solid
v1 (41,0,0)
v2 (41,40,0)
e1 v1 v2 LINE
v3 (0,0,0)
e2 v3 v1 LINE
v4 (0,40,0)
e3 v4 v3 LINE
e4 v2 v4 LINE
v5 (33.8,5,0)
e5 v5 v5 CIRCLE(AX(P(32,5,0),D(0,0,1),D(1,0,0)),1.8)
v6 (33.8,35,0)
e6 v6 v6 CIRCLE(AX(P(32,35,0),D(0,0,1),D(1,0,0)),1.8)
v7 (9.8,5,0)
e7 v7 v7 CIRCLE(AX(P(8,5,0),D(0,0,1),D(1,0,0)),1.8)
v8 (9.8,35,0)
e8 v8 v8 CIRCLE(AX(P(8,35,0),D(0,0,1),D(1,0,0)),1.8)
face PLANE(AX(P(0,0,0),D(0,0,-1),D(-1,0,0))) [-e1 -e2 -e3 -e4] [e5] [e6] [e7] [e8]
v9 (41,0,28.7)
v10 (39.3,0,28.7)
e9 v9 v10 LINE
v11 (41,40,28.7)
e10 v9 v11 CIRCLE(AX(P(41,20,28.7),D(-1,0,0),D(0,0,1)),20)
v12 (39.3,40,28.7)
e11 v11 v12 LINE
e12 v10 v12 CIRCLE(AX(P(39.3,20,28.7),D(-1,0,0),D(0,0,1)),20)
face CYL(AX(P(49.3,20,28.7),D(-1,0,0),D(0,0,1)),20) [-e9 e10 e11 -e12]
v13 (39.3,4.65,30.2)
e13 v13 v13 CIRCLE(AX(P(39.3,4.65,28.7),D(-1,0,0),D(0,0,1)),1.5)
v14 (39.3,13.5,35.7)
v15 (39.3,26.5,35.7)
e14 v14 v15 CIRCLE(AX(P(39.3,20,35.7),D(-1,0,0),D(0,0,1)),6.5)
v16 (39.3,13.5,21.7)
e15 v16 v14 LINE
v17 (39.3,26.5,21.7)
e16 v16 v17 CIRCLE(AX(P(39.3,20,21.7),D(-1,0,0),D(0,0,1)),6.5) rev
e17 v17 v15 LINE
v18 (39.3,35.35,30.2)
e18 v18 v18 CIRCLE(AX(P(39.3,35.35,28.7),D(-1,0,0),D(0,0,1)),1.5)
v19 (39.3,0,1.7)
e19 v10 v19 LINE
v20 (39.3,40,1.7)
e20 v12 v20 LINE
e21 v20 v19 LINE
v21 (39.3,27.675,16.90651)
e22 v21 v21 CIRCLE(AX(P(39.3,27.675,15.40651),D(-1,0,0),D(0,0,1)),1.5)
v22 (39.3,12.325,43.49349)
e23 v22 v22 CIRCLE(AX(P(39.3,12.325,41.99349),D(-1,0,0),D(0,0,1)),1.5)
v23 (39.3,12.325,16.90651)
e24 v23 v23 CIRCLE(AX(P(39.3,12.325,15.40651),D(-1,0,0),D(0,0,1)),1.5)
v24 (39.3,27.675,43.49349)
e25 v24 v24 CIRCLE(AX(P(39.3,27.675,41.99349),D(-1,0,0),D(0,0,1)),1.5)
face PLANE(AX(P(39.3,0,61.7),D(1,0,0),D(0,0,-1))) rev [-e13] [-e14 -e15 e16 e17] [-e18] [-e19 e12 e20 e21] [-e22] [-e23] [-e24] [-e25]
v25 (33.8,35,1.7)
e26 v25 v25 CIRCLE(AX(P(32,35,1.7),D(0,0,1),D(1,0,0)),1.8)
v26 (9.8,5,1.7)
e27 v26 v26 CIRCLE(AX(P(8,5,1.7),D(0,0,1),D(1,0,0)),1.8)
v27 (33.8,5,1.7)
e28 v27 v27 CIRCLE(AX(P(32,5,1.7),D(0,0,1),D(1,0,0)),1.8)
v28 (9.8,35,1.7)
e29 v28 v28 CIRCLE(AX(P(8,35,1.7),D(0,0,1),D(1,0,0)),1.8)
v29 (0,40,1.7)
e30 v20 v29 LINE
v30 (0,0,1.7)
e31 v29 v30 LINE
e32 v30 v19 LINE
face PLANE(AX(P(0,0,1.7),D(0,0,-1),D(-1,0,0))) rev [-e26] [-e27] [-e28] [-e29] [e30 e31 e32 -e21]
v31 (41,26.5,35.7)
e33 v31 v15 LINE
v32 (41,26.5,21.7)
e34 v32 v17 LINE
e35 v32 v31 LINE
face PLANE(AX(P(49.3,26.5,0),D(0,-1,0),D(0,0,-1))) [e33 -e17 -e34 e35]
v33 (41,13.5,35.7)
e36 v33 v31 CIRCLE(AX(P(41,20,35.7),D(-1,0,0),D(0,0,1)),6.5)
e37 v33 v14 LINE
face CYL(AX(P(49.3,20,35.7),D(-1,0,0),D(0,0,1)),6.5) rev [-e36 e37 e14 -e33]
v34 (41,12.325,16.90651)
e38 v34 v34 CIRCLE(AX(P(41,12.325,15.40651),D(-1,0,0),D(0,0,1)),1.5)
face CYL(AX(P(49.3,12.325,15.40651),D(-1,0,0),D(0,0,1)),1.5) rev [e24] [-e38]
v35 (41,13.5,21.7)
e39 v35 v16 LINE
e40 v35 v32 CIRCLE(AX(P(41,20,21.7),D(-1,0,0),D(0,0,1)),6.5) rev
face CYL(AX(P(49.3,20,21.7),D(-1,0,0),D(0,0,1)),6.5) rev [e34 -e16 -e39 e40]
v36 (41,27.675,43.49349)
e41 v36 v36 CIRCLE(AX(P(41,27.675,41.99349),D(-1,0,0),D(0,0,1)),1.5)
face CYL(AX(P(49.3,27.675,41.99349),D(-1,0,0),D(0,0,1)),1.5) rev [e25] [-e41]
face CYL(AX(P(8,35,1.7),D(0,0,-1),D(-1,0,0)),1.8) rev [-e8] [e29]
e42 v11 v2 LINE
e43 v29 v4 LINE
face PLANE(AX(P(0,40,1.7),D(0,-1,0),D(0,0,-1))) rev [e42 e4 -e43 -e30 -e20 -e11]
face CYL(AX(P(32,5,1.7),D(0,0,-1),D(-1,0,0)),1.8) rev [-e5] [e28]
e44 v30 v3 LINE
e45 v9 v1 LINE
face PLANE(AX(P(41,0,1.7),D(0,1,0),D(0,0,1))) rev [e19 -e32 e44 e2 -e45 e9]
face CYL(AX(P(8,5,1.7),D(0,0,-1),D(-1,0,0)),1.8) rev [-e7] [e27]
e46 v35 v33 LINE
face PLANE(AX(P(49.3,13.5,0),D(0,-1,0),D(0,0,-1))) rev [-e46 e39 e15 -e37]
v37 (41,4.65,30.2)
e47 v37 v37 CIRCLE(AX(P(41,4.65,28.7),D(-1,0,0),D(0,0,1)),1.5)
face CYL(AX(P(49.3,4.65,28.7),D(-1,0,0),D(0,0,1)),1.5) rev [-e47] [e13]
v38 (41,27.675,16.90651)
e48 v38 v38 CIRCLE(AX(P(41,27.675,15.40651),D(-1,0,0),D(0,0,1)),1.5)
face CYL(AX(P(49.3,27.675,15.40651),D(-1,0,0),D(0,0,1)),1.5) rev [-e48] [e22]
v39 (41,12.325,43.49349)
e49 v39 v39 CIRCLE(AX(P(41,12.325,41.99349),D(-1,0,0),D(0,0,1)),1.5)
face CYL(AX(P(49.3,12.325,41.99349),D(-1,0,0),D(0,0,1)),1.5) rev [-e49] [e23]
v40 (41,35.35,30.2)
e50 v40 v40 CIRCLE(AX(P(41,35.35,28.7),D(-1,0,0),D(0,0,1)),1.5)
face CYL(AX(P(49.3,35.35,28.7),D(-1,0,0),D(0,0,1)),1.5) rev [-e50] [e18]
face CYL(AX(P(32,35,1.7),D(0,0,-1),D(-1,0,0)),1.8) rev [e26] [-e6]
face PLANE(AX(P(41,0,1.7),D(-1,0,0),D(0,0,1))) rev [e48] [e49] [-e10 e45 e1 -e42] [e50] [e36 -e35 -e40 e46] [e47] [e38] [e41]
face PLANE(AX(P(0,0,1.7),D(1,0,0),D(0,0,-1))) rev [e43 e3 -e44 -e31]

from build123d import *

# Parameters (mm, degrees)
CROQUIS1_R              = 1.8
SALIENTE_EXTRUIR1_DEPTH = 1.7
CROQUIS2_W              = 1.7
CROQUIS2_H              = 40
SALIENTE_EXTRUIR2_DEPTH = 60
CORTAR_EXTRUIR1_DEPTH   = 10
CROQUIS3_4_R            = 1.5
CORTAR_EXTRUIR2_DEPTH   = 10


with BuildPart() as part:
    # Croquis1 → Saliente-Extruir1 (new body)
    with BuildSketch(Plane.XY):
        Polygon((0, 0), (8, 0), (41, 0), (41, 40), (8, 40), (0, 40), align=None)
        with Locations((8, 5)):
            Circle(CROQUIS1_R, mode=Mode.SUBTRACT)
        with Locations((8, 35)):
            Circle(CROQUIS1_R, mode=Mode.SUBTRACT)
        with Locations((32, 5)):
            Circle(CROQUIS1_R, mode=Mode.SUBTRACT)
        with Locations((32, 35)):
            Circle(CROQUIS1_R, mode=Mode.SUBTRACT)
    extrude(amount=SALIENTE_EXTRUIR1_DEPTH)

    # Croquis2 → Saliente-Extruir2 (add)
    with BuildSketch(Plane.XY.offset(1.7)):
        with Locations((40.15, 20)):
            Rectangle(CROQUIS2_W, CROQUIS2_H)
    extrude(amount=SALIENTE_EXTRUIR2_DEPTH)

    # Croquis3 → Cortar-Extruir1 (cut)
    with BuildSketch(Plane.ZY.offset(-39.3)):
        with BuildLine():
            Line((61.7, 40), (28.7, 40))
            ThreePointArc((28.7, 40), (48.7, 20), (28.7, 0))
            Line((28.7, 0), (61.7, 0))
            Line((61.7, 0), (61.7, 40))
        make_face()
        with BuildLine():
            Line((21.7, 13.5), (35.7, 13.5))
            ThreePointArc((35.7, 13.5), (42.2, 20), (35.7, 26.5))
            Line((35.7, 26.5), (21.7, 26.5))
            ThreePointArc((21.7, 26.5), (15.2, 20), (21.7, 13.5))
        make_face()
    extrude(amount=-CORTAR_EXTRUIR1_DEPTH, mode=Mode.SUBTRACT)

    # Croquis3<4> → Cortar-Extruir2 (cut)
    with BuildSketch(Plane.ZY.offset(-39.3)):
        with Locations((15.406510052, 27.675)):
            Circle(CROQUIS3_4_R)
        with Locations((28.7, 35.35)):
            Circle(CROQUIS3_4_R)
        with Locations((41.993489948, 27.675)):
            Circle(CROQUIS3_4_R)
        with Locations((41.993489948, 12.325)):
            Circle(CROQUIS3_4_R)
        with Locations((28.7, 4.65)):
            Circle(CROQUIS3_4_R)
        with Locations((15.406510052, 12.325)):
            Circle(CROQUIS3_4_R)
    extrude(amount=-CORTAR_EXTRUIR2_DEPTH, mode=Mode.SUBTRACT)


solid = part.part
